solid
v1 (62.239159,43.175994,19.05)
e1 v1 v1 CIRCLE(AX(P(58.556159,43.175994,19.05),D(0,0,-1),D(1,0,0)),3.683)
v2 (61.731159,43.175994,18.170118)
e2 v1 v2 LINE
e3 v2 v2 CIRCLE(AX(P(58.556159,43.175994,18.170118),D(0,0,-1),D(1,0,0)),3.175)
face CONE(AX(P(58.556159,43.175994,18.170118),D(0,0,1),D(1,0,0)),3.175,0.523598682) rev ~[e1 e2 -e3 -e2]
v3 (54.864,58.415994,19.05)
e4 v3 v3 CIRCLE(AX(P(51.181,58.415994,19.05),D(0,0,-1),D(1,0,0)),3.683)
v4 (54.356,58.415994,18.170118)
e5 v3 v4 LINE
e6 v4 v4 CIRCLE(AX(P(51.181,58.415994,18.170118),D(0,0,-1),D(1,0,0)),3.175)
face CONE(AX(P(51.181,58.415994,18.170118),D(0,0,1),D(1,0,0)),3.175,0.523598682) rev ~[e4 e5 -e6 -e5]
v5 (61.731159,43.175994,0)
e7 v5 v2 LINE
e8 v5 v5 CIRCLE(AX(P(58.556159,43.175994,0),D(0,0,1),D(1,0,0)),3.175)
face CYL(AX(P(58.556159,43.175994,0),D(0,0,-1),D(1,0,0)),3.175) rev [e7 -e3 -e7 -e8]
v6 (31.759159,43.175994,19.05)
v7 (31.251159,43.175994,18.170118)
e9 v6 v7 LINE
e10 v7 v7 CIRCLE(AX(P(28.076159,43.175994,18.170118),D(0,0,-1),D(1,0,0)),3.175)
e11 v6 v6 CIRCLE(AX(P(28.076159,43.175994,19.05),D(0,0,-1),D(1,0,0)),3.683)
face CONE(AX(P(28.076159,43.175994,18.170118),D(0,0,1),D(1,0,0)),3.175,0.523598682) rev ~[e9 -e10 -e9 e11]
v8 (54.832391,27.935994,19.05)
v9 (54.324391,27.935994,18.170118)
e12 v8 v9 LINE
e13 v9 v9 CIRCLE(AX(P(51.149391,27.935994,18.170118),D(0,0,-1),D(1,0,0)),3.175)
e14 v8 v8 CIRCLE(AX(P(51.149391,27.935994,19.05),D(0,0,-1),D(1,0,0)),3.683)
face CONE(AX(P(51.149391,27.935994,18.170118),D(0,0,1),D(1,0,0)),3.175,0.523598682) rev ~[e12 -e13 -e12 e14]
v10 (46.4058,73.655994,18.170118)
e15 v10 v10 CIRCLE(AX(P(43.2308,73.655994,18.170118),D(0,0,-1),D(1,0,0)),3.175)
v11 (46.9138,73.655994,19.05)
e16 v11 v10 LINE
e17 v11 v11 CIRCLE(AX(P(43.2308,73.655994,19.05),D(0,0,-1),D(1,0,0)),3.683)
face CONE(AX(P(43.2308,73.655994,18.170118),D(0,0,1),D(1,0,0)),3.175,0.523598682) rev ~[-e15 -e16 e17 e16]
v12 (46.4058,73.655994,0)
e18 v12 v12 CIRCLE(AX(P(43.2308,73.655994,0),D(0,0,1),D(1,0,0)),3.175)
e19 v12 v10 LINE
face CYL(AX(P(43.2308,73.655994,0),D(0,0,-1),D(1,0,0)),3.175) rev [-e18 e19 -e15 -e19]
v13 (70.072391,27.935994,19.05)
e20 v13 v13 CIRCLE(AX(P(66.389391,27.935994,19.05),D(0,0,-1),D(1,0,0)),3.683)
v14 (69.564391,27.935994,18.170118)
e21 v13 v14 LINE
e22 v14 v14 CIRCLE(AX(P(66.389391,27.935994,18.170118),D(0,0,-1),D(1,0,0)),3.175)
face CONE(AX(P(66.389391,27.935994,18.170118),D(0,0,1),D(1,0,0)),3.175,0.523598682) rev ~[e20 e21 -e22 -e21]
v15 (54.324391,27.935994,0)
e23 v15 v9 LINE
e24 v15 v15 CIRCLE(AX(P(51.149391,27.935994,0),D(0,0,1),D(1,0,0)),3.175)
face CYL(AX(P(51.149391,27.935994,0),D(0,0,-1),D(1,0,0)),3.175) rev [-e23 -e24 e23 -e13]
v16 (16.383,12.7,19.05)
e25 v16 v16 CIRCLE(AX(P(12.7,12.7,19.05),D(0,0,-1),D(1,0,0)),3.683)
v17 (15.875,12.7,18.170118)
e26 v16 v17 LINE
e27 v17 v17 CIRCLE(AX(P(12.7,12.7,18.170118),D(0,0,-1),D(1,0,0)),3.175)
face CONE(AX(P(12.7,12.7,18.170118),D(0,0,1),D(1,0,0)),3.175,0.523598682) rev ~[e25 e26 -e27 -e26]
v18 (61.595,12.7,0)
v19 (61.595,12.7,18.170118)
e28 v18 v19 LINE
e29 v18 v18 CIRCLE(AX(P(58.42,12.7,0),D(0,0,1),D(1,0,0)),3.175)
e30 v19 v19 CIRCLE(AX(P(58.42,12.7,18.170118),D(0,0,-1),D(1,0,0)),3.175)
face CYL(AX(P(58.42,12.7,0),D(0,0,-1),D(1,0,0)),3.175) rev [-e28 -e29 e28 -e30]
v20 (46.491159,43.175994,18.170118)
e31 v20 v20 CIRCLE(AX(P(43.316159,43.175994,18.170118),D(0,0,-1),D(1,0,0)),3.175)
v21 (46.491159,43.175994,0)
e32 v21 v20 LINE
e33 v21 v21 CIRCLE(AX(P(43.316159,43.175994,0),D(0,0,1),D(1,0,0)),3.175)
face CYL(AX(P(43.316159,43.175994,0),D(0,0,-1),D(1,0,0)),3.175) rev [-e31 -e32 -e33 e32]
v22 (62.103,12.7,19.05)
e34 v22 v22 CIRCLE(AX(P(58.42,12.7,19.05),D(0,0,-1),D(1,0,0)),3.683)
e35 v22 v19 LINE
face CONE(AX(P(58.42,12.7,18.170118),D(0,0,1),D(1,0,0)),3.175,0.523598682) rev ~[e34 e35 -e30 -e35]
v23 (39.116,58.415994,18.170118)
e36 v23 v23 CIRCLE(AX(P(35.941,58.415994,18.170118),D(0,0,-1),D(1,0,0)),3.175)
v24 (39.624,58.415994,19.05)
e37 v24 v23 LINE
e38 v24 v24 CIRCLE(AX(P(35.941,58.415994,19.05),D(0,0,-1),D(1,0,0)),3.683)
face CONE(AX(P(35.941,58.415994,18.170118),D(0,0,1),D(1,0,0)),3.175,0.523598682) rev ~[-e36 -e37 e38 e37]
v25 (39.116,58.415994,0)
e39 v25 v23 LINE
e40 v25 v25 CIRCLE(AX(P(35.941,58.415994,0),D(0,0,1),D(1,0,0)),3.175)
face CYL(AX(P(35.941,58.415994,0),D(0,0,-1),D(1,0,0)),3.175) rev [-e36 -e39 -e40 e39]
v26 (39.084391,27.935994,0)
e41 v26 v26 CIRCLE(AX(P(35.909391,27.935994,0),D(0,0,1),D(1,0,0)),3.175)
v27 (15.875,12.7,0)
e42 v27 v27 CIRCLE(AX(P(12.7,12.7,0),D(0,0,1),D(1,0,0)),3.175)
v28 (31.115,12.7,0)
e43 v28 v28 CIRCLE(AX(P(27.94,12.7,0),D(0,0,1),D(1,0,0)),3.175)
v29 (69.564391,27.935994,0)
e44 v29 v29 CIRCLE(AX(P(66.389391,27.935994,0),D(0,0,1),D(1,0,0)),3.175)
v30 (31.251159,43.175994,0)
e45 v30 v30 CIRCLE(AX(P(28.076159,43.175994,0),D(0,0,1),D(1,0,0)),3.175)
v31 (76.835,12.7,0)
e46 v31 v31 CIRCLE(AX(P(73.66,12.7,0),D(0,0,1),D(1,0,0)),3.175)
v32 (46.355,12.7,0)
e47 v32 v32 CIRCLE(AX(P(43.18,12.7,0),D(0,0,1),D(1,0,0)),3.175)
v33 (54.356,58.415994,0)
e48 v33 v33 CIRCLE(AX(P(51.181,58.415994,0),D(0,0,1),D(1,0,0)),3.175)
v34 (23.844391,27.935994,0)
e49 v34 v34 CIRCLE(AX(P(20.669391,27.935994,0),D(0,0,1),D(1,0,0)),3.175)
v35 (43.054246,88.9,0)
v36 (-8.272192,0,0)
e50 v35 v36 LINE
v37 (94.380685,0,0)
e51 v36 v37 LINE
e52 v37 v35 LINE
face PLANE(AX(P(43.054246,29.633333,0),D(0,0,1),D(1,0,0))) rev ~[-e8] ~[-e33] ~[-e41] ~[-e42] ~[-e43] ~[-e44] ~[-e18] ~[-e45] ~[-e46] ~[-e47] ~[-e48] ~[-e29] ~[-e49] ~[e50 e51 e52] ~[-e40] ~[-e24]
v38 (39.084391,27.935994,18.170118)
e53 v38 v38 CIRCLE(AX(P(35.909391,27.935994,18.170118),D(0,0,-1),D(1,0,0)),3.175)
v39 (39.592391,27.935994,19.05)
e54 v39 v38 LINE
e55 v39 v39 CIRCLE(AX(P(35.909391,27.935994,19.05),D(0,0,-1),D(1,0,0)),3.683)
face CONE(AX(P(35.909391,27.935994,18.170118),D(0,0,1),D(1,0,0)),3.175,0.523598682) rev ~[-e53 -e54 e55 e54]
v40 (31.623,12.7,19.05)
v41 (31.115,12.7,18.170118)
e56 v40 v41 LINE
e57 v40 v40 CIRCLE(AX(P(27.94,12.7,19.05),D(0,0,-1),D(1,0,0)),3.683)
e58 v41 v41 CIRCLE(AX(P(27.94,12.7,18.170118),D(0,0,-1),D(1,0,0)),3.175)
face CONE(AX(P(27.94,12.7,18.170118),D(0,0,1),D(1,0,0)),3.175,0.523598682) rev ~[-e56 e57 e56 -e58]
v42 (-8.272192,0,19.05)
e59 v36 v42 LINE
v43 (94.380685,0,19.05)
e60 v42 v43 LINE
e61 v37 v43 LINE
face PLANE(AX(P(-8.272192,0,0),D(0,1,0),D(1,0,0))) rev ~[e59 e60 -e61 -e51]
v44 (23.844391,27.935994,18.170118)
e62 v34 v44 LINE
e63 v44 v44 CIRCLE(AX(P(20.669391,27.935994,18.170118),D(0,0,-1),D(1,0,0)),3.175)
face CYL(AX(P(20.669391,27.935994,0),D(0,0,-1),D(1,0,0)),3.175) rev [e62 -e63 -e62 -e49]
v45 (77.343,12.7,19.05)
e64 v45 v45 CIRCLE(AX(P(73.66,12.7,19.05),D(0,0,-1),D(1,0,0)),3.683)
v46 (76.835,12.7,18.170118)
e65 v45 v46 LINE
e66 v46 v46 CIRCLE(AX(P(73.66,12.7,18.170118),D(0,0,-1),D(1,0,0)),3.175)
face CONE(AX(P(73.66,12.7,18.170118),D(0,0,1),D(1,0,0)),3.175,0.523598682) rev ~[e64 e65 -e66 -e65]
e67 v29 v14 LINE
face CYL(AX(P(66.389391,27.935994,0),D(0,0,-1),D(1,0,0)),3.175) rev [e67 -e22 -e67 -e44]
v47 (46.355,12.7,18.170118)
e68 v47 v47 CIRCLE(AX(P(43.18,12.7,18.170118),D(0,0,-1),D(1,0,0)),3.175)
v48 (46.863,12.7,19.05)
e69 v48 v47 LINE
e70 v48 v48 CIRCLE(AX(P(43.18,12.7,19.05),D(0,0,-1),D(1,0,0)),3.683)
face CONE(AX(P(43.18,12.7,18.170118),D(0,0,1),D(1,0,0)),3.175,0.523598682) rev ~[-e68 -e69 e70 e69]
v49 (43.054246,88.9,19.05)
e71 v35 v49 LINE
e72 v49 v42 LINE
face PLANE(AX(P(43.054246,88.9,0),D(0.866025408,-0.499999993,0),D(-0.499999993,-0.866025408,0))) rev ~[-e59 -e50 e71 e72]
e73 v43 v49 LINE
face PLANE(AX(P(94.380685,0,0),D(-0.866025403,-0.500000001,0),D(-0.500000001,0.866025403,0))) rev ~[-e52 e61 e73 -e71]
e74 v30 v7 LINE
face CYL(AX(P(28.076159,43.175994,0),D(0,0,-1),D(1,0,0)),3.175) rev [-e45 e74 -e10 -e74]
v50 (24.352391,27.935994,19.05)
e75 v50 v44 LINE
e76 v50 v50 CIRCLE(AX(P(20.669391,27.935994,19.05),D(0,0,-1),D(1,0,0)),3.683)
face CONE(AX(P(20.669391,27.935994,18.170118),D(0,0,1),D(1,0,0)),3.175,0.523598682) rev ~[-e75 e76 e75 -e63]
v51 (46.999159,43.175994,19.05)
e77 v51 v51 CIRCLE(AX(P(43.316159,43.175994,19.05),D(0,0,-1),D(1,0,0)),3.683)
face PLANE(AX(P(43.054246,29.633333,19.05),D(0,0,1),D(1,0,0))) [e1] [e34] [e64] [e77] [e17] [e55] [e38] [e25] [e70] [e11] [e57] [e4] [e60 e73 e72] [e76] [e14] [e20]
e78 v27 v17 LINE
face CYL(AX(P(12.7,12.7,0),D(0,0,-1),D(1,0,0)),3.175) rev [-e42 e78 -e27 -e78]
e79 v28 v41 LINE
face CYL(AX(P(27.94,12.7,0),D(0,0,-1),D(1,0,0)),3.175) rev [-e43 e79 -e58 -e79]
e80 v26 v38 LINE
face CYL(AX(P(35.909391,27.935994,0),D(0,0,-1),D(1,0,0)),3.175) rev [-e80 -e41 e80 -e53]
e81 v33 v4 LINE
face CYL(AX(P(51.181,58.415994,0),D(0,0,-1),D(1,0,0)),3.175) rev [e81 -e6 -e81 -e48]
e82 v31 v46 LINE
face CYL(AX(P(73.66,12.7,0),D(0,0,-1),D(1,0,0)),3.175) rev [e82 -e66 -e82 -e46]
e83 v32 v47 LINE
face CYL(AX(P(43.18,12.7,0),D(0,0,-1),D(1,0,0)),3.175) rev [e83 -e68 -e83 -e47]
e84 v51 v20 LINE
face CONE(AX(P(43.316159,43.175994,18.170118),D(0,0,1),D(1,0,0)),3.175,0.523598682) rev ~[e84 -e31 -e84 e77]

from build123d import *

# Parameters (mm, degrees)
F7_DEPTH = 19.05
F1_R     = 3.175
F2_R     = 3.175
F3_R     = 3.175
F4_R     = 3.175
F5_R     = 3.175
F8_DEPTH = 25.4
F9_SIZE2 = 0.879882
F9_SIZE  = 0.508


with BuildPart() as f7:
    # F6 (on face) → F7 (new body)
    with BuildSketch(Plane.XY):
        Polygon((-8.272192, 0), (94.380685, 0), (43.054246, 88.9), align=None)
    extrude(amount=F7_DEPTH)

    # F1 (on face) + F2 (on face) + F3 (on face) + F4 (on face) + F5 (on face) → F8 (cut)
    with BuildSketch(Plane.XY):
        with Locations((12.7, 12.7)):
            Circle(F1_R)
        with Locations((27.94, 12.7)):
            Circle(F1_R)
        with Locations((43.18, 12.7)):
            Circle(F1_R)
        with Locations((58.42, 12.7)):
            Circle(F1_R)
        with Locations((73.66, 12.7)):
            Circle(F1_R)
    with BuildSketch(Plane.XY):
        with Locations((20.669391, 27.935994)):
            Circle(F2_R)
        with Locations((35.909391, 27.935994)):
            Circle(F2_R)
        with Locations((51.149391, 27.935994)):
            Circle(F2_R)
        with Locations((66.389391, 27.935994)):
            Circle(F2_R)
    with BuildSketch(Plane.XY):
        with Locations((28.076159, 43.175994)):
            Circle(F3_R)
        with Locations((43.316159, 43.175994)):
            Circle(F3_R)
        with Locations((58.556159, 43.175994)):
            Circle(F3_R)
    with BuildSketch(Plane.XY):
        with Locations((35.941, 58.415994)):
            Circle(F4_R)
        with Locations((51.181, 58.415994)):
            Circle(F4_R)
    with BuildSketch(Plane.XY):
        with Locations((43.2308, 73.655994)):
            Circle(F5_R)
    extrude(amount=F8_DEPTH, mode=Mode.SUBTRACT)

    # F9
    f9_edges = [f7.edges().sort_by_distance(p)[0] for p in [
        (9.525, 12.7, 19.05),
        (24.765, 12.7, 19.05),
        (40.005, 12.7, 19.05),
        (55.245, 12.7, 19.05),
        (70.485, 12.7, 19.05),
        (63.214391, 27.935994, 19.05),
        (47.974391, 27.935994, 19.05),
        (32.734391, 27.935994, 19.05),
        (17.494391, 27.935994, 19.05),
        (24.901159, 43.175994, 19.05),
        (40.141159, 43.175994, 19.05),
        (55.381159, 43.175994, 19.05),
        (48.006, 58.415994, 19.05),
        (32.766, 58.415994, 19.05),
        (40.0558, 73.655994, 19.05),
    ]]
    chamfer(f9_edges, length=F9_SIZE, length2=F9_SIZE2)


solid = f7.part
